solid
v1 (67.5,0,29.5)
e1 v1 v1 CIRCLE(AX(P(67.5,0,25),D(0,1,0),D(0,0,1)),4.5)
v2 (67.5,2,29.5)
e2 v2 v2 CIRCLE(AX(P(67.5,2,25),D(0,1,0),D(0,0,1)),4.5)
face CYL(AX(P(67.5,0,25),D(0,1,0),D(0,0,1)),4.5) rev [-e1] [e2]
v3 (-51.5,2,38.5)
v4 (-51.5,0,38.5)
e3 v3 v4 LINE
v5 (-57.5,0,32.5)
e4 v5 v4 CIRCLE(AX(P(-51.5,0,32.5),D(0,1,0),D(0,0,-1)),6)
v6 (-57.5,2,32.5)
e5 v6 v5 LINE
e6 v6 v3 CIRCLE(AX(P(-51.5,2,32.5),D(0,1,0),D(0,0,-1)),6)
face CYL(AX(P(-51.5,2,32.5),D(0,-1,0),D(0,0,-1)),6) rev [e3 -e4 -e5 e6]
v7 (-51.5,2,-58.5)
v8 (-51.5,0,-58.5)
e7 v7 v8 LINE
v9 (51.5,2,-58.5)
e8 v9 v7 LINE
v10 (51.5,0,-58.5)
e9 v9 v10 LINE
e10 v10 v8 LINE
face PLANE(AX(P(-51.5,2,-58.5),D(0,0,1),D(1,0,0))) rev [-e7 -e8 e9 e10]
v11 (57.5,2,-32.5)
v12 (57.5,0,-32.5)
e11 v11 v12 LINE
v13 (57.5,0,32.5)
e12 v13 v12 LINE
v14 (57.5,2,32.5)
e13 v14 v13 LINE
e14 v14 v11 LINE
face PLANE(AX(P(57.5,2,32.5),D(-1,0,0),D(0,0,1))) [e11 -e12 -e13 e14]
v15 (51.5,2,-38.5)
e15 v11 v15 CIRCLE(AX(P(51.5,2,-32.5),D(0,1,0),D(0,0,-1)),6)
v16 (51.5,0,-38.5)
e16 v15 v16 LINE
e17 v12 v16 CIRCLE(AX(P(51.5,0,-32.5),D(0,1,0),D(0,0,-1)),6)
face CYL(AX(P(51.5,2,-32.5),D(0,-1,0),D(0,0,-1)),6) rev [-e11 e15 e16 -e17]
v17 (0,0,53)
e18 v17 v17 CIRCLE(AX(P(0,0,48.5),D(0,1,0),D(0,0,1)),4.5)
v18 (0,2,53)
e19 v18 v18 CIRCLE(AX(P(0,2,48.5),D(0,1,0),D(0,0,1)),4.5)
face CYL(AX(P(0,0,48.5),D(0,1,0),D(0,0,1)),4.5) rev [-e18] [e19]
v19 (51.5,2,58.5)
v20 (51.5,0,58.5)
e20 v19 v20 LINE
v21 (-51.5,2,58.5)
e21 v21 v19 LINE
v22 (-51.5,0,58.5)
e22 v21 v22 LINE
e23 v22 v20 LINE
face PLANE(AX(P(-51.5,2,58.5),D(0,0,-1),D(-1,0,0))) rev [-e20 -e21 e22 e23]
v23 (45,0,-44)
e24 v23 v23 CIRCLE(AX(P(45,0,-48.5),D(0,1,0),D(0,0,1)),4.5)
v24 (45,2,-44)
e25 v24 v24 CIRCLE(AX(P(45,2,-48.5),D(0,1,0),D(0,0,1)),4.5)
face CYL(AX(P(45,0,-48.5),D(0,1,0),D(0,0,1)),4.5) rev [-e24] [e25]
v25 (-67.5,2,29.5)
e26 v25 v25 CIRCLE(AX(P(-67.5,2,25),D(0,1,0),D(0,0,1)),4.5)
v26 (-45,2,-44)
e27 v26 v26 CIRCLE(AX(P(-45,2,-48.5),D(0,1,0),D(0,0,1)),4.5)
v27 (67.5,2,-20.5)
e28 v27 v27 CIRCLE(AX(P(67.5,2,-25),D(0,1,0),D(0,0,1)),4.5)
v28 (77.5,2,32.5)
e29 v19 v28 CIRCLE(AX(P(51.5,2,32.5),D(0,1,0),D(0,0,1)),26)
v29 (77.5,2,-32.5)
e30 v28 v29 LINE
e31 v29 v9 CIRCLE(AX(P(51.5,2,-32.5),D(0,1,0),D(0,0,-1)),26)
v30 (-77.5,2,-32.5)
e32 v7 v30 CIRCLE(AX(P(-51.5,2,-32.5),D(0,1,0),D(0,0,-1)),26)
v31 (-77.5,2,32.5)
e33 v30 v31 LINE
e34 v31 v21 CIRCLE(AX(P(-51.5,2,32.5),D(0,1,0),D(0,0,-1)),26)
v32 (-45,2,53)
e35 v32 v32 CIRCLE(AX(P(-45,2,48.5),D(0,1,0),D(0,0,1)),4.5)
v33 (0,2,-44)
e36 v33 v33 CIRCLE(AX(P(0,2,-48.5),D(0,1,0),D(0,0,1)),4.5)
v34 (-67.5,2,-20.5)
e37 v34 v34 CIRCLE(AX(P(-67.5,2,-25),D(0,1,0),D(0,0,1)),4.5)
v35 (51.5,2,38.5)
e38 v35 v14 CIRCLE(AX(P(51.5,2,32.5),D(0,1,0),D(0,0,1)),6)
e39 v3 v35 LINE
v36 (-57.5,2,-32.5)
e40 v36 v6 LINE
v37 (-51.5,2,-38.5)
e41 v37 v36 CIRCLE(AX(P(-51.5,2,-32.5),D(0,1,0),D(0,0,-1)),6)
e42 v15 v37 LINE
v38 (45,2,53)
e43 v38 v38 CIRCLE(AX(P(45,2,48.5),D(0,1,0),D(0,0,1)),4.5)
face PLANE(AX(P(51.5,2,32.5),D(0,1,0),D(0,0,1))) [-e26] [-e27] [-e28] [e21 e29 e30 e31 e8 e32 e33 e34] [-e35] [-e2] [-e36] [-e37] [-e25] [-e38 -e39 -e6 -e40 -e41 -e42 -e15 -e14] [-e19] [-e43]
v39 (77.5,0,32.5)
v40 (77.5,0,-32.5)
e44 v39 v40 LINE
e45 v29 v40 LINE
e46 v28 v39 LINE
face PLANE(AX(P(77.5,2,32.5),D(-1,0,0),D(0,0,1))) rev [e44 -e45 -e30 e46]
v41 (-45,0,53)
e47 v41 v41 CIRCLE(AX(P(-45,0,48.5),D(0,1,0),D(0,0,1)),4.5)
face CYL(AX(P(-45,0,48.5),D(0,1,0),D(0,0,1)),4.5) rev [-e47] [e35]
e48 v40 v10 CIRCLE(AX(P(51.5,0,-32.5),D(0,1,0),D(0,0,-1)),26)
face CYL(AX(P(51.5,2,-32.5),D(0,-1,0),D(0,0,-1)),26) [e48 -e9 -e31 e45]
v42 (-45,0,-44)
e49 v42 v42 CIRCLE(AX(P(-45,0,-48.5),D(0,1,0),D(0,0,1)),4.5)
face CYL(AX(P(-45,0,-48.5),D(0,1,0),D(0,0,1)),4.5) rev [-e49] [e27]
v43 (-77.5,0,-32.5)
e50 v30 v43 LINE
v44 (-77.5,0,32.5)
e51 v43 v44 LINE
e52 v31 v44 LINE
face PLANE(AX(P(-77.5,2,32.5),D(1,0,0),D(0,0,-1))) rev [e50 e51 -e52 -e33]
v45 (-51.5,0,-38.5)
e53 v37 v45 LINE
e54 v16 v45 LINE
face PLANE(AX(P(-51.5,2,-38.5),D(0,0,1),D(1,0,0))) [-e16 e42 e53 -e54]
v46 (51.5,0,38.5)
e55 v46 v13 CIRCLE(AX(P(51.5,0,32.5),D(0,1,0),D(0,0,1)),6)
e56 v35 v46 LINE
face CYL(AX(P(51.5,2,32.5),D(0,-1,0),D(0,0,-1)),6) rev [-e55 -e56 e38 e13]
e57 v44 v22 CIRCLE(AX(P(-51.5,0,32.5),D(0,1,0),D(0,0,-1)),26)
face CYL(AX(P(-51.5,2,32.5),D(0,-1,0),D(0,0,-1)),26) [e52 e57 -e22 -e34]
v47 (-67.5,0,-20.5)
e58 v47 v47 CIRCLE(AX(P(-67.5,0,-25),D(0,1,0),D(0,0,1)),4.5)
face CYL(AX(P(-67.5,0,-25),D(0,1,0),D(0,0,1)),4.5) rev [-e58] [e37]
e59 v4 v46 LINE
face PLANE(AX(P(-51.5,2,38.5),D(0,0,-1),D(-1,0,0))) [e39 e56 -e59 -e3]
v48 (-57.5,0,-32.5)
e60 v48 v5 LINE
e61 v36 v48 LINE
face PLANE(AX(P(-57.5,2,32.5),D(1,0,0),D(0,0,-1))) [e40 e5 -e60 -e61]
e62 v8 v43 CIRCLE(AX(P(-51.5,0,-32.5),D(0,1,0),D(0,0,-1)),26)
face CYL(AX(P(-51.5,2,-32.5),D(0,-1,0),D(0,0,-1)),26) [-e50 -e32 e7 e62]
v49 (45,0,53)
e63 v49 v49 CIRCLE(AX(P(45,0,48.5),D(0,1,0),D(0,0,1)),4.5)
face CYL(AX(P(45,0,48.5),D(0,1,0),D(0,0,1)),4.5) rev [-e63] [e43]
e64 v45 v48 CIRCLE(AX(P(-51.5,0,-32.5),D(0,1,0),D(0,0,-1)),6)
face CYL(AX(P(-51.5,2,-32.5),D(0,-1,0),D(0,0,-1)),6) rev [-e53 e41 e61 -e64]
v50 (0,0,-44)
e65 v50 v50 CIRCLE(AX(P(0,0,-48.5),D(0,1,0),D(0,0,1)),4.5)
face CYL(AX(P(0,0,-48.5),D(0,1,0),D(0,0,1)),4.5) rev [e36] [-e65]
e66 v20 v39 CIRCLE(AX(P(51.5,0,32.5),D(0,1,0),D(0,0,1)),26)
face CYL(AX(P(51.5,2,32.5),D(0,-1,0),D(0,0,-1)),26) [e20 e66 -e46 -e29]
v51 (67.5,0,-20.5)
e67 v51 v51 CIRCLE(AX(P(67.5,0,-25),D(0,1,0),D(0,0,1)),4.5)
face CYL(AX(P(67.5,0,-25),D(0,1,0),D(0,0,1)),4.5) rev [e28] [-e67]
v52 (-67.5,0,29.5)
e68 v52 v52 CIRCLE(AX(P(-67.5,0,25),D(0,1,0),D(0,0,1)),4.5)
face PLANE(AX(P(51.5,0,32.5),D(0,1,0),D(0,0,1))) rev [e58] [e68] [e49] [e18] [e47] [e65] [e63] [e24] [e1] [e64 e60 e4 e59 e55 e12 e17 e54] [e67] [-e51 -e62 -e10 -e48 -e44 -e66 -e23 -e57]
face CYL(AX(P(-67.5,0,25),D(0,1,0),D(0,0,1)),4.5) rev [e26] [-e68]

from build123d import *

# Parameters (mm, degrees)
EXTRUDE_1_DEPTH     = 2
SKETCH_4_R          = 4.5
CUT_EXTRUDE_1_DEPTH = 98.121058479


with BuildPart() as part:
    # Эскиз2 → Бобышка-Вытянуть1 (new body)
    with BuildSketch(Plane(origin=(0, 0, 0), x_dir=(1, 0, 0), z_dir=(0, 1, 0))):
        with BuildLine():
            Line((-51.5, -58.5), (51.5, -58.5))
            ThreePointArc((51.5, -58.5), (69.884776311, -50.884776311), (77.5, -32.5))
            Line((77.5, -32.5), (77.5, 32.5))
            ThreePointArc((77.5, 32.5), (69.884776311, 50.884776311), (51.5, 58.5))
            Line((51.5, 58.5), (-51.5, 58.5))
            ThreePointArc((-51.5, 58.5), (-69.884776311, 50.884776311), (-77.5, 32.5))
            Line((-77.5, 32.5), (-77.5, -32.5))
            ThreePointArc((-77.5, -32.5), (-69.884776311, -50.884776311), (-51.5, -58.5))
        make_face()
        with BuildLine():
            Line((-51.5, 38.5), (51.5, 38.5))
            ThreePointArc((51.5, 38.5), (55.742640687, 36.742640687), (57.5, 32.5))
            Line((57.5, 32.5), (57.5, -32.5))
            ThreePointArc((57.5, -32.5), (55.742640687, -36.742640687), (51.5, -38.5))
            Line((51.5, -38.5), (-51.5, -38.5))
            ThreePointArc((-51.5, -38.5), (-55.742640687, -36.742640687), (-57.5, -32.5))
            Line((-57.5, -32.5), (-57.5, 32.5))
            ThreePointArc((-57.5, 32.5), (-55.742640687, 36.742640687), (-51.5, 38.5))
        make_face(mode=Mode.SUBTRACT)
    extrude(amount=EXTRUDE_1_DEPTH)

    # Эскиз4 → Вырез-Вытянуть1 (cut, through all)
    with BuildSketch(Plane(origin=(0, 2, 0), x_dir=(1, 0, 0), z_dir=(0, 1, 0))):
        with Locations(Location((-45, -48.5, 0), (0, 0, 270))):
            Circle(SKETCH_4_R)
    cut_extrude_1 = extrude(amount=-CUT_EXTRUDE_1_DEPTH, mode=Mode.SUBTRACT)

    # Эскиз-Массив1: Вырез-Вытянуть1 at 9 more places
    with Locations((45, 0, 0), (90, 0, 0), (112.5, 0, -23.5), (112.5, 0, -73.5), (-22.5, 0, -23.5), (-22.5, 0, -73.5), (90, 0, -97), (45, 0, -97), (0, 0, -97)):
        add(cut_extrude_1, mode=Mode.SUBTRACT)


solid = part.part
